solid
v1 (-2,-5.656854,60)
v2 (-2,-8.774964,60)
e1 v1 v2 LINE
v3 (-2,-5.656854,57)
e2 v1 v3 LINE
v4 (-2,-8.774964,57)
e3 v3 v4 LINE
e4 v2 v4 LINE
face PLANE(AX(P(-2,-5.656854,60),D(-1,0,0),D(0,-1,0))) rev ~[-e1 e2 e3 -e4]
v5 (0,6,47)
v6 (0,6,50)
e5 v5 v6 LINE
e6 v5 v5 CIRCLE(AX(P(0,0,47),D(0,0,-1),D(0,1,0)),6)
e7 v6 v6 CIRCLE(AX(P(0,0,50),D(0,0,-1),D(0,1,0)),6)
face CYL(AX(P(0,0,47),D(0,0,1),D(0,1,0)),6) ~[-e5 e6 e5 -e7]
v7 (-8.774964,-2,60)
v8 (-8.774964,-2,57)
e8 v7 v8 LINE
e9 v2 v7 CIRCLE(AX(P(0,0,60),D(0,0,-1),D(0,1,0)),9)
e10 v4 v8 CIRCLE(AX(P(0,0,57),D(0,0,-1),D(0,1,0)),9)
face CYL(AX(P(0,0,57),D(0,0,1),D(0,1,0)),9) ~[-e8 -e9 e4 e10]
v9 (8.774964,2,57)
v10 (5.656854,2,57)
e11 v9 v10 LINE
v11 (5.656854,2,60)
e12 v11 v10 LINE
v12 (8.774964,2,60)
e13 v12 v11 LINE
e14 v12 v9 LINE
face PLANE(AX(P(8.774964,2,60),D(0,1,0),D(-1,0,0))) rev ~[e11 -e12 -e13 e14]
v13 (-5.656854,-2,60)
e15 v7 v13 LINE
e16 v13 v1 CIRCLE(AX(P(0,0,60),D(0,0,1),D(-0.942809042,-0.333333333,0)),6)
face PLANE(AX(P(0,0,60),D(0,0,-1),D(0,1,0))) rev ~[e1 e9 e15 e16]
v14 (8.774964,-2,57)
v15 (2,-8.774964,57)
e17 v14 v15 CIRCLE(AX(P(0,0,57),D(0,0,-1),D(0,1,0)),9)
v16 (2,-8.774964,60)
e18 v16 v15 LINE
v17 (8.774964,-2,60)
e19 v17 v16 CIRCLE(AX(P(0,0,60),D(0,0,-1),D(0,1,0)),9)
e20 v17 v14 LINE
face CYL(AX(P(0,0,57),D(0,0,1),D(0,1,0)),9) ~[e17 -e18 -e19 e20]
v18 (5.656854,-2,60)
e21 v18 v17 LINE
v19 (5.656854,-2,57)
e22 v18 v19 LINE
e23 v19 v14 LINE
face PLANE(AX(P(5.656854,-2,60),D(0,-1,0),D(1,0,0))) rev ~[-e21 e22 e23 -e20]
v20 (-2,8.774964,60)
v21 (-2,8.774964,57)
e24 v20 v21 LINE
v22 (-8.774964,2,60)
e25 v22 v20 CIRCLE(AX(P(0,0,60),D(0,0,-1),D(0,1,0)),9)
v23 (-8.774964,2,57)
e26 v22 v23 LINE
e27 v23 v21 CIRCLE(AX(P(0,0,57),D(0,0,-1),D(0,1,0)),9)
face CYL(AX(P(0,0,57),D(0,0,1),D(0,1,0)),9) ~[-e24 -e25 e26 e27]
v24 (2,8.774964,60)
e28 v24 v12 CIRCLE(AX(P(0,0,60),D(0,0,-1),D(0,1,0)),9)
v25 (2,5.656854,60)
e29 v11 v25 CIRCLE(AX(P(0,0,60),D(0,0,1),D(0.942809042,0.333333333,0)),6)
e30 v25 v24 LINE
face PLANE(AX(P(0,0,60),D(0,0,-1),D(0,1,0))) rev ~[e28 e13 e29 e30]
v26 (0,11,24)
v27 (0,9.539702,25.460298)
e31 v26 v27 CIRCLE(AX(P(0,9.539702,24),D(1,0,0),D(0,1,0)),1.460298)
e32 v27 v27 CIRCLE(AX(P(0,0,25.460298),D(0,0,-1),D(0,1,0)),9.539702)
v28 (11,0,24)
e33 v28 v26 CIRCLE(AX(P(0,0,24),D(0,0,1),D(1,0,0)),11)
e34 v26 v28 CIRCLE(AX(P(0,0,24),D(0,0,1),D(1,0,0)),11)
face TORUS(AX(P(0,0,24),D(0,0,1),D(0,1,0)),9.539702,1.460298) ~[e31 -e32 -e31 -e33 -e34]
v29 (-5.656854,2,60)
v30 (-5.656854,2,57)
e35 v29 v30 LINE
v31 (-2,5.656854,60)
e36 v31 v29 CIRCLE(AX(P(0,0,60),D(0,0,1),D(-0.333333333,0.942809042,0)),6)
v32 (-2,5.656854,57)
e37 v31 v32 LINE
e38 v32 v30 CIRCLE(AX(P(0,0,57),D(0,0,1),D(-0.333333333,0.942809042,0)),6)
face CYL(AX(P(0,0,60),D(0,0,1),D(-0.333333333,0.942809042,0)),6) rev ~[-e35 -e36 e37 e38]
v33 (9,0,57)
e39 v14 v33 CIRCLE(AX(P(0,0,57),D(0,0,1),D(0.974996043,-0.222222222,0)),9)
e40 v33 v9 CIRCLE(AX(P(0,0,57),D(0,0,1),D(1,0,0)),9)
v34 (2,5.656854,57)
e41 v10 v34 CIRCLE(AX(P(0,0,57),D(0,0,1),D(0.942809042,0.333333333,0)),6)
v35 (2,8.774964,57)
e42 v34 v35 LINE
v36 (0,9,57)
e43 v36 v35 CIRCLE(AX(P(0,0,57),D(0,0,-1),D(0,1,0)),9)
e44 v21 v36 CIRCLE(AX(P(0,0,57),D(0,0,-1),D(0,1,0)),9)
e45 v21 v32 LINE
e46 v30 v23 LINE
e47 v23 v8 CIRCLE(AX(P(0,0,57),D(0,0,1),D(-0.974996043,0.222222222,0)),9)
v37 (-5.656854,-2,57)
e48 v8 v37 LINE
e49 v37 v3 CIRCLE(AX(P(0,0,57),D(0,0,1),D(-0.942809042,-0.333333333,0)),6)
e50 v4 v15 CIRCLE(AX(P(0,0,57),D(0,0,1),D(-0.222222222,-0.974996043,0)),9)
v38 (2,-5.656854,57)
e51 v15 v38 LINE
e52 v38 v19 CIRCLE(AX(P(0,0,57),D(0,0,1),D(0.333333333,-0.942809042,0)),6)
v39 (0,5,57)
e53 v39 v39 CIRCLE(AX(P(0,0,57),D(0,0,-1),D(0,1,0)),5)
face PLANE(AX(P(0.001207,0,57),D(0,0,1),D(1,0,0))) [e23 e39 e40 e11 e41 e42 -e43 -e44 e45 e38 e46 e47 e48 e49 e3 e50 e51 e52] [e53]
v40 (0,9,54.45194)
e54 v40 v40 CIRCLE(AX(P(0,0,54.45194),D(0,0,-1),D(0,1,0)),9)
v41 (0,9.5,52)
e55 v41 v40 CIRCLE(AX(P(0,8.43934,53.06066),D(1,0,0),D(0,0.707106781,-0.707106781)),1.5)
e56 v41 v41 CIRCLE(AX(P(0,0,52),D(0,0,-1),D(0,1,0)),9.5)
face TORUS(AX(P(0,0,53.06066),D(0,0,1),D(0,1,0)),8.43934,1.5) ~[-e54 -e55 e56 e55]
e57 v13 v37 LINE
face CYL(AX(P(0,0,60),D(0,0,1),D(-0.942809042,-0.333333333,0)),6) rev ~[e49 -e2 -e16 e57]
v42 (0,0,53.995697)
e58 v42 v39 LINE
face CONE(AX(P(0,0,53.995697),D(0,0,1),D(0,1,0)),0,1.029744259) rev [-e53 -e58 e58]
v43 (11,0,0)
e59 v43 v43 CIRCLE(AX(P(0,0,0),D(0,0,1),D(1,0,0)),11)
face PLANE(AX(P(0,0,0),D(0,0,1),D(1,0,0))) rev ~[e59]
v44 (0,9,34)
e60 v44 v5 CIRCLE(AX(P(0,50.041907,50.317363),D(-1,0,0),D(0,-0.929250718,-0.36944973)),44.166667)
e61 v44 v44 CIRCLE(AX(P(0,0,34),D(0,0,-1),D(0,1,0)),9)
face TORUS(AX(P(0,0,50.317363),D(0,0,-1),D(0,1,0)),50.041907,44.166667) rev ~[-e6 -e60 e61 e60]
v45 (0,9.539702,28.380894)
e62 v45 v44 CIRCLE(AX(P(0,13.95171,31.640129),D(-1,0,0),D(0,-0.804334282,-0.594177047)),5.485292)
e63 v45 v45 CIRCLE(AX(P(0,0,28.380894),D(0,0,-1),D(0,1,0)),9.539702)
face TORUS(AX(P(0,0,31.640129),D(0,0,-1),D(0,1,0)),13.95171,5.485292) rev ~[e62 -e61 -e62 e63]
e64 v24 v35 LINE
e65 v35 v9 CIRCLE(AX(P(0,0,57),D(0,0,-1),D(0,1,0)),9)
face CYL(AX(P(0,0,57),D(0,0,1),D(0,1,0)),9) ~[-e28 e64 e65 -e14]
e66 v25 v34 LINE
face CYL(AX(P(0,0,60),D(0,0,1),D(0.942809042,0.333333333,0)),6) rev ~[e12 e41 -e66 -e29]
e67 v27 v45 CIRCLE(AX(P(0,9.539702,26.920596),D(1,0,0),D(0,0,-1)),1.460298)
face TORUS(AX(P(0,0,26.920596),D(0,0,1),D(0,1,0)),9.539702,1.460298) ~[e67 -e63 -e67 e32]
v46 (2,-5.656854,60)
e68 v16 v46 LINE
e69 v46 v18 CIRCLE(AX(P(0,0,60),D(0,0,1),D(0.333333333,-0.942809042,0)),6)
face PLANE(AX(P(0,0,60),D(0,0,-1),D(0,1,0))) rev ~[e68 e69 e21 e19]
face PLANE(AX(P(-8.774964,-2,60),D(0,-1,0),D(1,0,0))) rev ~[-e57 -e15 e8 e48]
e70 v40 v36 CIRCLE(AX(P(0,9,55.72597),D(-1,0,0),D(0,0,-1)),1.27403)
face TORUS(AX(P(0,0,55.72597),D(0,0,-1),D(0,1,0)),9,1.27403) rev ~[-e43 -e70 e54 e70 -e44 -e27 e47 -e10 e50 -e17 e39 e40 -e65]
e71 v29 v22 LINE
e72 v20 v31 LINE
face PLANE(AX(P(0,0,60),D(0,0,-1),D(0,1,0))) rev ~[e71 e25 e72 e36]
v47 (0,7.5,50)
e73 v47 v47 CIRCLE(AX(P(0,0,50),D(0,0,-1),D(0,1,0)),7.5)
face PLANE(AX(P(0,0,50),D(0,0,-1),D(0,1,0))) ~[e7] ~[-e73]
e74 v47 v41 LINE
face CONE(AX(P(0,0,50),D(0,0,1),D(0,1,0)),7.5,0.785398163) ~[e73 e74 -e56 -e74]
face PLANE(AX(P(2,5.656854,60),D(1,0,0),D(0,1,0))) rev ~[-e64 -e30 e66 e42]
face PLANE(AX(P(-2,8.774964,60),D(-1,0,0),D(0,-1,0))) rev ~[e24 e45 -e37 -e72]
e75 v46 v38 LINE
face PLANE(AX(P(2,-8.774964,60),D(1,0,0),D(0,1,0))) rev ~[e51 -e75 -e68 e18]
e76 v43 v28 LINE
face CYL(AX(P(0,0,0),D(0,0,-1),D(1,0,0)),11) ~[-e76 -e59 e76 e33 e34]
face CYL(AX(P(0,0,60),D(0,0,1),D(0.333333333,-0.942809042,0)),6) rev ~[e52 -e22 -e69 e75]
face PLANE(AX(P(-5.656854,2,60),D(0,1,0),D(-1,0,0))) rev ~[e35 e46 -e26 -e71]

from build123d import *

# Parameters (mm, degrees)
F0_R     = 11
F1_DEPTH = 24
F5_DEPTH = 3


with BuildPart() as f1:
    # F0 (on Top) → F1 (new body)
    with BuildSketch(Plane.XY):
        Circle(F0_R)
    extrude(amount=F1_DEPTH)

    # F2 (on Right) → F3 (revolve)
    with BuildSketch(Plane.YZ):
        with BuildLine():
            Line((0, 24), (11, 24))
            ThreePointArc((11, 24), (10.5722886113, 25.0325866354), (9.5397019759, 25.4602980241))
            ThreePointArc((9.5397019759, 25.4602980241), (11, 26.9205960482), (9.5397019759, 28.3808940724))
            ThreePointArc((9.5397019759, 28.3808940724), (8.4915459843, 31.1156926618), (9, 34))
            ThreePointArc((9, 34), (7.0062955662, 40.3860682076), (6, 47))
            Line((6, 47), (6, 50))
            Line((6, 50), (7.5, 50))
            Line((7.5, 50), (9.5, 52))
            ThreePointArc((9.5, 52), (9.9090924007, 53.3603723264), (9, 54.4519402197))
            ThreePointArc((9, 54.4519402197), (7.7259701099, 55.7259701099), (9, 57))
            Line((9, 57), (9, 60))
            Line((9, 60), (0, 60))
            Line((0, 60), (0, 24))
        make_face()
    revolve(axis=Axis((0, 0, 42), (0, 0, -1)))

    # F4 (on face) → F5 (cut)
    with BuildSketch(Plane.XY.offset(60)):
        with BuildLine():
            Line((-8.7749643874, -2), (-5.6568542495, -2))
            ThreePointArc((-5.6568542495, -2), (-4.2426406871, -4.2426406871), (-2, -5.6568542495))
            Line((-2, -5.6568542495), (-2, -8.7749643874))
            ThreePointArc((-2, -8.7749643874), (0, -9), (2, -8.7749643874))
            Line((2, -8.7749643874), (2, -5.6568542495))
            ThreePointArc((2, -5.6568542495), (4.2426406871, -4.2426406871), (5.6568542495, -2))
            Line((5.6568542495, -2), (8.7749643874, -2))
            ThreePointArc((8.7749643874, -2), (8.9435641521, -1.0063102189), (9, 0))
            ThreePointArc((9, 0), (8.9435641521, 1.0063102189), (8.7749643874, 2))
            Line((8.7749643874, 2), (5.6568542495, 2))
            ThreePointArc((5.6568542495, 2), (4.2426406871, 4.2426406871), (2, 5.6568542495))
            Line((2, 5.6568542495), (2, 8.7749643874))
            ThreePointArc((2, 8.7749643874), (0, 9), (-2, 8.7749643874))
            Line((-2, 8.7749643874), (-2, 5.6568542495))
            ThreePointArc((-2, 5.6568542495), (-4.2426406871, 4.2426406871), (-5.6568542495, 2))
            Line((-5.6568542495, 2), (-8.7749643874, 2))
            ThreePointArc((-8.7749643874, 2), (-9, 0), (-8.7749643874, -2))
        make_face()
    extrude(amount=-F5_DEPTH, mode=Mode.SUBTRACT)

    # F6 (on Right) → F7 (revolve, cut)
    with BuildSketch(Plane.YZ):
        Polygon((5, 57), (0, 57), (0, 53.9956969049), align=None)
    revolve(axis=Axis((0, 0, 55.4978484524), (0, 0, -1)), mode=Mode.SUBTRACT)


solid = f1.part
